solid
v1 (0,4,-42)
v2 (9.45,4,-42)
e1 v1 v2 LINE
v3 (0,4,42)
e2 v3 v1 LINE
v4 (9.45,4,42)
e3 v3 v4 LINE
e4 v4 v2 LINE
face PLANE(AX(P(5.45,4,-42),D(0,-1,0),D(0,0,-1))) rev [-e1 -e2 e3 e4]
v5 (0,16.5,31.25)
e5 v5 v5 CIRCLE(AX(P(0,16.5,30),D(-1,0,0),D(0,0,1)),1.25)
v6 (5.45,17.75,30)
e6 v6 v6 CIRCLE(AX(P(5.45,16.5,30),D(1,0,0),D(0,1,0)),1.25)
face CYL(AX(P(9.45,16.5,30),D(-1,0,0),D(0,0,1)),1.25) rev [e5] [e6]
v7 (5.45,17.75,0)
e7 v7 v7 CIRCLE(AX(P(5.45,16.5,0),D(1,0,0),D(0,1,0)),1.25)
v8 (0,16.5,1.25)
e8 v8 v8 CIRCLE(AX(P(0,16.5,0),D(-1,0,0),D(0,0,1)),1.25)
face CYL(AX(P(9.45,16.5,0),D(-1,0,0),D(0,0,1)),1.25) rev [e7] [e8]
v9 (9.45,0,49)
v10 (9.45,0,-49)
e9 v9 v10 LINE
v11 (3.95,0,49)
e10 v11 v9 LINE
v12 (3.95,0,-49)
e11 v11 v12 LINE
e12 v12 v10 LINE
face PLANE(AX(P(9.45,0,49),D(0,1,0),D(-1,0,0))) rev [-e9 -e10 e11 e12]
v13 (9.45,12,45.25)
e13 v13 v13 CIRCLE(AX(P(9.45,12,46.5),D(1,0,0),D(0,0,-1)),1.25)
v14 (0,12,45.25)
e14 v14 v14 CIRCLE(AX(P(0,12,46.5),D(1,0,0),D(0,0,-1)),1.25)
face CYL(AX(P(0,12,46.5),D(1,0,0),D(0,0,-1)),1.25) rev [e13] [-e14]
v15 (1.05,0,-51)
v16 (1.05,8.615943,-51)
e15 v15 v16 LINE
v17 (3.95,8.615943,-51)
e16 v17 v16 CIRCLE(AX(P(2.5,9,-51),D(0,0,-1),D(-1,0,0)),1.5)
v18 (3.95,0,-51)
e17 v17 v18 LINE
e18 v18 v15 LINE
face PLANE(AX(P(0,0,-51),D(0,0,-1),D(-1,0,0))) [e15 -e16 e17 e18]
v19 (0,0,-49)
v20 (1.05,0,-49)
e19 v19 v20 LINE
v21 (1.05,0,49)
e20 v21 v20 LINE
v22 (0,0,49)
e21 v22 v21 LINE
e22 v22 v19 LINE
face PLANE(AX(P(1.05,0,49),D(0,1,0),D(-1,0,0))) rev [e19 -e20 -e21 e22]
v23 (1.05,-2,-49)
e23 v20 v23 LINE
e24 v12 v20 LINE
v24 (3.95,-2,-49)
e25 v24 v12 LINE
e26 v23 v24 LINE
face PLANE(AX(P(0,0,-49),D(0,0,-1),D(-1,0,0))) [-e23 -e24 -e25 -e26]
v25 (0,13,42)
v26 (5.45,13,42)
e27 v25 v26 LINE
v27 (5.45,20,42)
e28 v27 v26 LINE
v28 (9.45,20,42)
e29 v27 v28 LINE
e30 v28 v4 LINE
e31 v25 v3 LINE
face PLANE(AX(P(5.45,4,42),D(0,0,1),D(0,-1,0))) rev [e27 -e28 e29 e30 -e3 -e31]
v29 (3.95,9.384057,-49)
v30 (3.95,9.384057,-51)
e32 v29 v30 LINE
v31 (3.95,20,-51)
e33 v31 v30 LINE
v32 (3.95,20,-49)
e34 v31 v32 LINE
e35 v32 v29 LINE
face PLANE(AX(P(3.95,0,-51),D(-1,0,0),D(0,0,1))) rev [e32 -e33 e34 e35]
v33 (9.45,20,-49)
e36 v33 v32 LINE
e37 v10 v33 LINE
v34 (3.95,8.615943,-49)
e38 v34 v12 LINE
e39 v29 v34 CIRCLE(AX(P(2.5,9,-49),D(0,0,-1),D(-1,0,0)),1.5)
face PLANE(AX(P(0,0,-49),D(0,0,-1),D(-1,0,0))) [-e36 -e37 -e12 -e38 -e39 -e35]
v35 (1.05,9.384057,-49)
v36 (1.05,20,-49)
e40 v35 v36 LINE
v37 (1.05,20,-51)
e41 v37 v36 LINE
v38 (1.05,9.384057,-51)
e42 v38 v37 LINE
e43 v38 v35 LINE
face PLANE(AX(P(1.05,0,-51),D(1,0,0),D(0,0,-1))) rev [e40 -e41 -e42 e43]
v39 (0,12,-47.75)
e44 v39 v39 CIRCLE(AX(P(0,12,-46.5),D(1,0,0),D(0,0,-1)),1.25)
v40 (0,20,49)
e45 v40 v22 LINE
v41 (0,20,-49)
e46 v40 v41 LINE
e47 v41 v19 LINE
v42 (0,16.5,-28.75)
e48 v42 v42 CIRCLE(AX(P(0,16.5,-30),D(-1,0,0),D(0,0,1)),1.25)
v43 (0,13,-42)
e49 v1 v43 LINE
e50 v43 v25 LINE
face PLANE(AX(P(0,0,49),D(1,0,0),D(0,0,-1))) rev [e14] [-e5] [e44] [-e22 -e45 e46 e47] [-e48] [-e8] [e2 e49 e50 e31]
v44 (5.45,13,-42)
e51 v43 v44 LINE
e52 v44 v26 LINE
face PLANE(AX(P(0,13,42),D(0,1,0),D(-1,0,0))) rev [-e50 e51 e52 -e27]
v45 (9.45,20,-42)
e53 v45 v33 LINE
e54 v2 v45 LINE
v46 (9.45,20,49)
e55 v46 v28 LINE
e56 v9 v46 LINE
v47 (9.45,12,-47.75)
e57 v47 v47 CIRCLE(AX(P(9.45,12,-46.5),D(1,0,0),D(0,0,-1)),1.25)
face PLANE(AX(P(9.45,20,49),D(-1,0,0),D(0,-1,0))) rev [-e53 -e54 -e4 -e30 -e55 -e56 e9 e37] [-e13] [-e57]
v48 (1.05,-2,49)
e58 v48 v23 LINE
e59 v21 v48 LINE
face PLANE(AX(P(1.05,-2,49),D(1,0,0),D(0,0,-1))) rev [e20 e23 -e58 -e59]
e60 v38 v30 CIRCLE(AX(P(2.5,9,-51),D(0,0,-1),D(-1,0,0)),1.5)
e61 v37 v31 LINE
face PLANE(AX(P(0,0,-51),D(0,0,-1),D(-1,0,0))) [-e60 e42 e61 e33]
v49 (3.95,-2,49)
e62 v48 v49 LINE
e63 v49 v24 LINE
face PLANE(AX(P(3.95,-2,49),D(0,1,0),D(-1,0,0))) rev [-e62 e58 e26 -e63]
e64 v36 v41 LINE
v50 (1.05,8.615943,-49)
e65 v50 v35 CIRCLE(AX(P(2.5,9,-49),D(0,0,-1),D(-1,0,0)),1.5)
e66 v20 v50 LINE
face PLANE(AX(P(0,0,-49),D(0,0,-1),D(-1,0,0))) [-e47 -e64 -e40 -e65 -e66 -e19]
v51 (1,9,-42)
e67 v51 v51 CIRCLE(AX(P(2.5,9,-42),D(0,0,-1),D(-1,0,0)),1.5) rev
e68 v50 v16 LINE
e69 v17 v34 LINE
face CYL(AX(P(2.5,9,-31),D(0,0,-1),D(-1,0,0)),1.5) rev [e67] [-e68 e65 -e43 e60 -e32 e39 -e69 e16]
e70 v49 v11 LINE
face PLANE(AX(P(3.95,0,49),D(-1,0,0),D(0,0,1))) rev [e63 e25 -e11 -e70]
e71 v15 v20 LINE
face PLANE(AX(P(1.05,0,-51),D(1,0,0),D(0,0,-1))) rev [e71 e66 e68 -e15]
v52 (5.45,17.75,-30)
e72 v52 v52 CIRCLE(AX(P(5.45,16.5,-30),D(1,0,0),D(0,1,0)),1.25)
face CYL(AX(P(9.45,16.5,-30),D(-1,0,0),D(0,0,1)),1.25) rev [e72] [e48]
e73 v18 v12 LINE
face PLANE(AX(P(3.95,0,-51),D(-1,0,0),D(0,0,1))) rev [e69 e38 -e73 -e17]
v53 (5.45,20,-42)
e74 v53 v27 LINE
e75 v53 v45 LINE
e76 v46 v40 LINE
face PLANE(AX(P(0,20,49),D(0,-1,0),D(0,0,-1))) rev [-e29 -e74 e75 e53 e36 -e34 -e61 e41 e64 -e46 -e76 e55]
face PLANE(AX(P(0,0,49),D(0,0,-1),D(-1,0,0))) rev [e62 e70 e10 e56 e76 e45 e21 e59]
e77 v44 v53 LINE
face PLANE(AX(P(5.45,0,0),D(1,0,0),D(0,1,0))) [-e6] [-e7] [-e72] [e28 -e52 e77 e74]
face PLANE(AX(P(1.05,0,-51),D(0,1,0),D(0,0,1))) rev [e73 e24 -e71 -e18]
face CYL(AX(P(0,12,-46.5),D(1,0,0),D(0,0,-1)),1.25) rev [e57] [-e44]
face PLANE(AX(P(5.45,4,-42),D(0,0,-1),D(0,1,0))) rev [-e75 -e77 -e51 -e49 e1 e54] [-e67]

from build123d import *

# Parameters (mm, degrees)
MAIN_DEPTH                       = 49
ESQUISSE2_R                      = 1.25
HOLESFORLCDTOP_DEPTH             = 10.45
SKETCH1_W                        = 84
SKETCH1_H                        = 16
POWERBOARDPINHOLES_DEPTH         = 4
SKETCH2_R                        = 1.25
WINDOWFIXHOLES_DEPTH             = 10.45
SKETCH3_W                        = 2.9
SKETCH3_H                        = 20
MAKERBEAMFIX_DEPTH               = 2
SKETCH4_R                        = 1.5
FIXHOLEFORMAKERBEAM_DEPTH        = 20
SKETCH5_W                        = 84
SKETCH5_H                        = 9
HOLESTOHAVEACCESSTOFIXHOLE_DEPTH = 6.45


with BuildPart() as part:
    # Esquisse1 → Main (new body, symmetric)
    with BuildSketch(Plane.XY):
        Polygon((0, 20), (9.45, 20), (9.45, 0), (3.95, 0), (3.95, -2), (1.05, -2), (1.05, 0), (0, 0), align=None)
    extrude(amount=MAIN_DEPTH, both=True)

    # Esquisse2 → HolesForLCDTop (cut, through all)
    with BuildSketch(Plane(origin=(9.45, 0, 0), x_dir=(0, 0, -1), z_dir=(1, 0, 0))):
        with Locations((46.5, 12)):
            Circle(ESQUISSE2_R)
        with Locations((-46.5, 12)):
            Circle(ESQUISSE2_R)
    extrude(amount=-HOLESFORLCDTOP_DEPTH, mode=Mode.SUBTRACT)

    # Sketch1 → PowerBoardPinHoles (cut)
    with BuildSketch(Plane(origin=(9.45, 0, 0), x_dir=(0, 0, -1), z_dir=(1, 0, 0))):
        with Locations((0, 12)):
            Rectangle(SKETCH1_W, SKETCH1_H)
    extrude(amount=-POWERBOARDPINHOLES_DEPTH, mode=Mode.SUBTRACT)

    # Sketch2 → WindowFixHoles (cut, through all)
    with BuildSketch(Plane.ZY):
        with Locations((0, 16.5)):
            Circle(SKETCH2_R)
        with Locations((-30, 16.5)):
            Circle(SKETCH2_R)
        with Locations((30, 16.5)):
            Circle(SKETCH2_R)
    extrude(amount=-WINDOWFIXHOLES_DEPTH, mode=Mode.SUBTRACT)

    # Sketch3 → MakerBeamFix (add)
    with BuildSketch(Plane(origin=(0, 0, -49), x_dir=(-1, 0, 0), z_dir=(0, 0, -1))):
        with Locations((-2.5, 10)):
            Rectangle(SKETCH3_W, SKETCH3_H)
    extrude(amount=MAKERBEAMFIX_DEPTH)

    # Sketch4 → FixHoleForMakerBeam (cut)
    with BuildSketch(Plane(origin=(0, 0, -51), x_dir=(-1, 0, 0), z_dir=(0, 0, -1))):
        with Locations((-2.5, 9)):
            Circle(SKETCH4_R)
    extrude(amount=-FIXHOLEFORMAKERBEAM_DEPTH, mode=Mode.SUBTRACT)

    # Sketch5 → HolesToHaveAccessToFixHole (cut, through all)
    with BuildSketch(Plane(origin=(5.45, 0, 0), x_dir=(0, 0, -1), z_dir=(1, 0, 0))):
        with Locations((0, 8.5)):
            Rectangle(SKETCH5_W, SKETCH5_H)
    extrude(amount=-HOLESTOHAVEACCESSTOFIXHOLE_DEPTH, mode=Mode.SUBTRACT)


solid = part.part
